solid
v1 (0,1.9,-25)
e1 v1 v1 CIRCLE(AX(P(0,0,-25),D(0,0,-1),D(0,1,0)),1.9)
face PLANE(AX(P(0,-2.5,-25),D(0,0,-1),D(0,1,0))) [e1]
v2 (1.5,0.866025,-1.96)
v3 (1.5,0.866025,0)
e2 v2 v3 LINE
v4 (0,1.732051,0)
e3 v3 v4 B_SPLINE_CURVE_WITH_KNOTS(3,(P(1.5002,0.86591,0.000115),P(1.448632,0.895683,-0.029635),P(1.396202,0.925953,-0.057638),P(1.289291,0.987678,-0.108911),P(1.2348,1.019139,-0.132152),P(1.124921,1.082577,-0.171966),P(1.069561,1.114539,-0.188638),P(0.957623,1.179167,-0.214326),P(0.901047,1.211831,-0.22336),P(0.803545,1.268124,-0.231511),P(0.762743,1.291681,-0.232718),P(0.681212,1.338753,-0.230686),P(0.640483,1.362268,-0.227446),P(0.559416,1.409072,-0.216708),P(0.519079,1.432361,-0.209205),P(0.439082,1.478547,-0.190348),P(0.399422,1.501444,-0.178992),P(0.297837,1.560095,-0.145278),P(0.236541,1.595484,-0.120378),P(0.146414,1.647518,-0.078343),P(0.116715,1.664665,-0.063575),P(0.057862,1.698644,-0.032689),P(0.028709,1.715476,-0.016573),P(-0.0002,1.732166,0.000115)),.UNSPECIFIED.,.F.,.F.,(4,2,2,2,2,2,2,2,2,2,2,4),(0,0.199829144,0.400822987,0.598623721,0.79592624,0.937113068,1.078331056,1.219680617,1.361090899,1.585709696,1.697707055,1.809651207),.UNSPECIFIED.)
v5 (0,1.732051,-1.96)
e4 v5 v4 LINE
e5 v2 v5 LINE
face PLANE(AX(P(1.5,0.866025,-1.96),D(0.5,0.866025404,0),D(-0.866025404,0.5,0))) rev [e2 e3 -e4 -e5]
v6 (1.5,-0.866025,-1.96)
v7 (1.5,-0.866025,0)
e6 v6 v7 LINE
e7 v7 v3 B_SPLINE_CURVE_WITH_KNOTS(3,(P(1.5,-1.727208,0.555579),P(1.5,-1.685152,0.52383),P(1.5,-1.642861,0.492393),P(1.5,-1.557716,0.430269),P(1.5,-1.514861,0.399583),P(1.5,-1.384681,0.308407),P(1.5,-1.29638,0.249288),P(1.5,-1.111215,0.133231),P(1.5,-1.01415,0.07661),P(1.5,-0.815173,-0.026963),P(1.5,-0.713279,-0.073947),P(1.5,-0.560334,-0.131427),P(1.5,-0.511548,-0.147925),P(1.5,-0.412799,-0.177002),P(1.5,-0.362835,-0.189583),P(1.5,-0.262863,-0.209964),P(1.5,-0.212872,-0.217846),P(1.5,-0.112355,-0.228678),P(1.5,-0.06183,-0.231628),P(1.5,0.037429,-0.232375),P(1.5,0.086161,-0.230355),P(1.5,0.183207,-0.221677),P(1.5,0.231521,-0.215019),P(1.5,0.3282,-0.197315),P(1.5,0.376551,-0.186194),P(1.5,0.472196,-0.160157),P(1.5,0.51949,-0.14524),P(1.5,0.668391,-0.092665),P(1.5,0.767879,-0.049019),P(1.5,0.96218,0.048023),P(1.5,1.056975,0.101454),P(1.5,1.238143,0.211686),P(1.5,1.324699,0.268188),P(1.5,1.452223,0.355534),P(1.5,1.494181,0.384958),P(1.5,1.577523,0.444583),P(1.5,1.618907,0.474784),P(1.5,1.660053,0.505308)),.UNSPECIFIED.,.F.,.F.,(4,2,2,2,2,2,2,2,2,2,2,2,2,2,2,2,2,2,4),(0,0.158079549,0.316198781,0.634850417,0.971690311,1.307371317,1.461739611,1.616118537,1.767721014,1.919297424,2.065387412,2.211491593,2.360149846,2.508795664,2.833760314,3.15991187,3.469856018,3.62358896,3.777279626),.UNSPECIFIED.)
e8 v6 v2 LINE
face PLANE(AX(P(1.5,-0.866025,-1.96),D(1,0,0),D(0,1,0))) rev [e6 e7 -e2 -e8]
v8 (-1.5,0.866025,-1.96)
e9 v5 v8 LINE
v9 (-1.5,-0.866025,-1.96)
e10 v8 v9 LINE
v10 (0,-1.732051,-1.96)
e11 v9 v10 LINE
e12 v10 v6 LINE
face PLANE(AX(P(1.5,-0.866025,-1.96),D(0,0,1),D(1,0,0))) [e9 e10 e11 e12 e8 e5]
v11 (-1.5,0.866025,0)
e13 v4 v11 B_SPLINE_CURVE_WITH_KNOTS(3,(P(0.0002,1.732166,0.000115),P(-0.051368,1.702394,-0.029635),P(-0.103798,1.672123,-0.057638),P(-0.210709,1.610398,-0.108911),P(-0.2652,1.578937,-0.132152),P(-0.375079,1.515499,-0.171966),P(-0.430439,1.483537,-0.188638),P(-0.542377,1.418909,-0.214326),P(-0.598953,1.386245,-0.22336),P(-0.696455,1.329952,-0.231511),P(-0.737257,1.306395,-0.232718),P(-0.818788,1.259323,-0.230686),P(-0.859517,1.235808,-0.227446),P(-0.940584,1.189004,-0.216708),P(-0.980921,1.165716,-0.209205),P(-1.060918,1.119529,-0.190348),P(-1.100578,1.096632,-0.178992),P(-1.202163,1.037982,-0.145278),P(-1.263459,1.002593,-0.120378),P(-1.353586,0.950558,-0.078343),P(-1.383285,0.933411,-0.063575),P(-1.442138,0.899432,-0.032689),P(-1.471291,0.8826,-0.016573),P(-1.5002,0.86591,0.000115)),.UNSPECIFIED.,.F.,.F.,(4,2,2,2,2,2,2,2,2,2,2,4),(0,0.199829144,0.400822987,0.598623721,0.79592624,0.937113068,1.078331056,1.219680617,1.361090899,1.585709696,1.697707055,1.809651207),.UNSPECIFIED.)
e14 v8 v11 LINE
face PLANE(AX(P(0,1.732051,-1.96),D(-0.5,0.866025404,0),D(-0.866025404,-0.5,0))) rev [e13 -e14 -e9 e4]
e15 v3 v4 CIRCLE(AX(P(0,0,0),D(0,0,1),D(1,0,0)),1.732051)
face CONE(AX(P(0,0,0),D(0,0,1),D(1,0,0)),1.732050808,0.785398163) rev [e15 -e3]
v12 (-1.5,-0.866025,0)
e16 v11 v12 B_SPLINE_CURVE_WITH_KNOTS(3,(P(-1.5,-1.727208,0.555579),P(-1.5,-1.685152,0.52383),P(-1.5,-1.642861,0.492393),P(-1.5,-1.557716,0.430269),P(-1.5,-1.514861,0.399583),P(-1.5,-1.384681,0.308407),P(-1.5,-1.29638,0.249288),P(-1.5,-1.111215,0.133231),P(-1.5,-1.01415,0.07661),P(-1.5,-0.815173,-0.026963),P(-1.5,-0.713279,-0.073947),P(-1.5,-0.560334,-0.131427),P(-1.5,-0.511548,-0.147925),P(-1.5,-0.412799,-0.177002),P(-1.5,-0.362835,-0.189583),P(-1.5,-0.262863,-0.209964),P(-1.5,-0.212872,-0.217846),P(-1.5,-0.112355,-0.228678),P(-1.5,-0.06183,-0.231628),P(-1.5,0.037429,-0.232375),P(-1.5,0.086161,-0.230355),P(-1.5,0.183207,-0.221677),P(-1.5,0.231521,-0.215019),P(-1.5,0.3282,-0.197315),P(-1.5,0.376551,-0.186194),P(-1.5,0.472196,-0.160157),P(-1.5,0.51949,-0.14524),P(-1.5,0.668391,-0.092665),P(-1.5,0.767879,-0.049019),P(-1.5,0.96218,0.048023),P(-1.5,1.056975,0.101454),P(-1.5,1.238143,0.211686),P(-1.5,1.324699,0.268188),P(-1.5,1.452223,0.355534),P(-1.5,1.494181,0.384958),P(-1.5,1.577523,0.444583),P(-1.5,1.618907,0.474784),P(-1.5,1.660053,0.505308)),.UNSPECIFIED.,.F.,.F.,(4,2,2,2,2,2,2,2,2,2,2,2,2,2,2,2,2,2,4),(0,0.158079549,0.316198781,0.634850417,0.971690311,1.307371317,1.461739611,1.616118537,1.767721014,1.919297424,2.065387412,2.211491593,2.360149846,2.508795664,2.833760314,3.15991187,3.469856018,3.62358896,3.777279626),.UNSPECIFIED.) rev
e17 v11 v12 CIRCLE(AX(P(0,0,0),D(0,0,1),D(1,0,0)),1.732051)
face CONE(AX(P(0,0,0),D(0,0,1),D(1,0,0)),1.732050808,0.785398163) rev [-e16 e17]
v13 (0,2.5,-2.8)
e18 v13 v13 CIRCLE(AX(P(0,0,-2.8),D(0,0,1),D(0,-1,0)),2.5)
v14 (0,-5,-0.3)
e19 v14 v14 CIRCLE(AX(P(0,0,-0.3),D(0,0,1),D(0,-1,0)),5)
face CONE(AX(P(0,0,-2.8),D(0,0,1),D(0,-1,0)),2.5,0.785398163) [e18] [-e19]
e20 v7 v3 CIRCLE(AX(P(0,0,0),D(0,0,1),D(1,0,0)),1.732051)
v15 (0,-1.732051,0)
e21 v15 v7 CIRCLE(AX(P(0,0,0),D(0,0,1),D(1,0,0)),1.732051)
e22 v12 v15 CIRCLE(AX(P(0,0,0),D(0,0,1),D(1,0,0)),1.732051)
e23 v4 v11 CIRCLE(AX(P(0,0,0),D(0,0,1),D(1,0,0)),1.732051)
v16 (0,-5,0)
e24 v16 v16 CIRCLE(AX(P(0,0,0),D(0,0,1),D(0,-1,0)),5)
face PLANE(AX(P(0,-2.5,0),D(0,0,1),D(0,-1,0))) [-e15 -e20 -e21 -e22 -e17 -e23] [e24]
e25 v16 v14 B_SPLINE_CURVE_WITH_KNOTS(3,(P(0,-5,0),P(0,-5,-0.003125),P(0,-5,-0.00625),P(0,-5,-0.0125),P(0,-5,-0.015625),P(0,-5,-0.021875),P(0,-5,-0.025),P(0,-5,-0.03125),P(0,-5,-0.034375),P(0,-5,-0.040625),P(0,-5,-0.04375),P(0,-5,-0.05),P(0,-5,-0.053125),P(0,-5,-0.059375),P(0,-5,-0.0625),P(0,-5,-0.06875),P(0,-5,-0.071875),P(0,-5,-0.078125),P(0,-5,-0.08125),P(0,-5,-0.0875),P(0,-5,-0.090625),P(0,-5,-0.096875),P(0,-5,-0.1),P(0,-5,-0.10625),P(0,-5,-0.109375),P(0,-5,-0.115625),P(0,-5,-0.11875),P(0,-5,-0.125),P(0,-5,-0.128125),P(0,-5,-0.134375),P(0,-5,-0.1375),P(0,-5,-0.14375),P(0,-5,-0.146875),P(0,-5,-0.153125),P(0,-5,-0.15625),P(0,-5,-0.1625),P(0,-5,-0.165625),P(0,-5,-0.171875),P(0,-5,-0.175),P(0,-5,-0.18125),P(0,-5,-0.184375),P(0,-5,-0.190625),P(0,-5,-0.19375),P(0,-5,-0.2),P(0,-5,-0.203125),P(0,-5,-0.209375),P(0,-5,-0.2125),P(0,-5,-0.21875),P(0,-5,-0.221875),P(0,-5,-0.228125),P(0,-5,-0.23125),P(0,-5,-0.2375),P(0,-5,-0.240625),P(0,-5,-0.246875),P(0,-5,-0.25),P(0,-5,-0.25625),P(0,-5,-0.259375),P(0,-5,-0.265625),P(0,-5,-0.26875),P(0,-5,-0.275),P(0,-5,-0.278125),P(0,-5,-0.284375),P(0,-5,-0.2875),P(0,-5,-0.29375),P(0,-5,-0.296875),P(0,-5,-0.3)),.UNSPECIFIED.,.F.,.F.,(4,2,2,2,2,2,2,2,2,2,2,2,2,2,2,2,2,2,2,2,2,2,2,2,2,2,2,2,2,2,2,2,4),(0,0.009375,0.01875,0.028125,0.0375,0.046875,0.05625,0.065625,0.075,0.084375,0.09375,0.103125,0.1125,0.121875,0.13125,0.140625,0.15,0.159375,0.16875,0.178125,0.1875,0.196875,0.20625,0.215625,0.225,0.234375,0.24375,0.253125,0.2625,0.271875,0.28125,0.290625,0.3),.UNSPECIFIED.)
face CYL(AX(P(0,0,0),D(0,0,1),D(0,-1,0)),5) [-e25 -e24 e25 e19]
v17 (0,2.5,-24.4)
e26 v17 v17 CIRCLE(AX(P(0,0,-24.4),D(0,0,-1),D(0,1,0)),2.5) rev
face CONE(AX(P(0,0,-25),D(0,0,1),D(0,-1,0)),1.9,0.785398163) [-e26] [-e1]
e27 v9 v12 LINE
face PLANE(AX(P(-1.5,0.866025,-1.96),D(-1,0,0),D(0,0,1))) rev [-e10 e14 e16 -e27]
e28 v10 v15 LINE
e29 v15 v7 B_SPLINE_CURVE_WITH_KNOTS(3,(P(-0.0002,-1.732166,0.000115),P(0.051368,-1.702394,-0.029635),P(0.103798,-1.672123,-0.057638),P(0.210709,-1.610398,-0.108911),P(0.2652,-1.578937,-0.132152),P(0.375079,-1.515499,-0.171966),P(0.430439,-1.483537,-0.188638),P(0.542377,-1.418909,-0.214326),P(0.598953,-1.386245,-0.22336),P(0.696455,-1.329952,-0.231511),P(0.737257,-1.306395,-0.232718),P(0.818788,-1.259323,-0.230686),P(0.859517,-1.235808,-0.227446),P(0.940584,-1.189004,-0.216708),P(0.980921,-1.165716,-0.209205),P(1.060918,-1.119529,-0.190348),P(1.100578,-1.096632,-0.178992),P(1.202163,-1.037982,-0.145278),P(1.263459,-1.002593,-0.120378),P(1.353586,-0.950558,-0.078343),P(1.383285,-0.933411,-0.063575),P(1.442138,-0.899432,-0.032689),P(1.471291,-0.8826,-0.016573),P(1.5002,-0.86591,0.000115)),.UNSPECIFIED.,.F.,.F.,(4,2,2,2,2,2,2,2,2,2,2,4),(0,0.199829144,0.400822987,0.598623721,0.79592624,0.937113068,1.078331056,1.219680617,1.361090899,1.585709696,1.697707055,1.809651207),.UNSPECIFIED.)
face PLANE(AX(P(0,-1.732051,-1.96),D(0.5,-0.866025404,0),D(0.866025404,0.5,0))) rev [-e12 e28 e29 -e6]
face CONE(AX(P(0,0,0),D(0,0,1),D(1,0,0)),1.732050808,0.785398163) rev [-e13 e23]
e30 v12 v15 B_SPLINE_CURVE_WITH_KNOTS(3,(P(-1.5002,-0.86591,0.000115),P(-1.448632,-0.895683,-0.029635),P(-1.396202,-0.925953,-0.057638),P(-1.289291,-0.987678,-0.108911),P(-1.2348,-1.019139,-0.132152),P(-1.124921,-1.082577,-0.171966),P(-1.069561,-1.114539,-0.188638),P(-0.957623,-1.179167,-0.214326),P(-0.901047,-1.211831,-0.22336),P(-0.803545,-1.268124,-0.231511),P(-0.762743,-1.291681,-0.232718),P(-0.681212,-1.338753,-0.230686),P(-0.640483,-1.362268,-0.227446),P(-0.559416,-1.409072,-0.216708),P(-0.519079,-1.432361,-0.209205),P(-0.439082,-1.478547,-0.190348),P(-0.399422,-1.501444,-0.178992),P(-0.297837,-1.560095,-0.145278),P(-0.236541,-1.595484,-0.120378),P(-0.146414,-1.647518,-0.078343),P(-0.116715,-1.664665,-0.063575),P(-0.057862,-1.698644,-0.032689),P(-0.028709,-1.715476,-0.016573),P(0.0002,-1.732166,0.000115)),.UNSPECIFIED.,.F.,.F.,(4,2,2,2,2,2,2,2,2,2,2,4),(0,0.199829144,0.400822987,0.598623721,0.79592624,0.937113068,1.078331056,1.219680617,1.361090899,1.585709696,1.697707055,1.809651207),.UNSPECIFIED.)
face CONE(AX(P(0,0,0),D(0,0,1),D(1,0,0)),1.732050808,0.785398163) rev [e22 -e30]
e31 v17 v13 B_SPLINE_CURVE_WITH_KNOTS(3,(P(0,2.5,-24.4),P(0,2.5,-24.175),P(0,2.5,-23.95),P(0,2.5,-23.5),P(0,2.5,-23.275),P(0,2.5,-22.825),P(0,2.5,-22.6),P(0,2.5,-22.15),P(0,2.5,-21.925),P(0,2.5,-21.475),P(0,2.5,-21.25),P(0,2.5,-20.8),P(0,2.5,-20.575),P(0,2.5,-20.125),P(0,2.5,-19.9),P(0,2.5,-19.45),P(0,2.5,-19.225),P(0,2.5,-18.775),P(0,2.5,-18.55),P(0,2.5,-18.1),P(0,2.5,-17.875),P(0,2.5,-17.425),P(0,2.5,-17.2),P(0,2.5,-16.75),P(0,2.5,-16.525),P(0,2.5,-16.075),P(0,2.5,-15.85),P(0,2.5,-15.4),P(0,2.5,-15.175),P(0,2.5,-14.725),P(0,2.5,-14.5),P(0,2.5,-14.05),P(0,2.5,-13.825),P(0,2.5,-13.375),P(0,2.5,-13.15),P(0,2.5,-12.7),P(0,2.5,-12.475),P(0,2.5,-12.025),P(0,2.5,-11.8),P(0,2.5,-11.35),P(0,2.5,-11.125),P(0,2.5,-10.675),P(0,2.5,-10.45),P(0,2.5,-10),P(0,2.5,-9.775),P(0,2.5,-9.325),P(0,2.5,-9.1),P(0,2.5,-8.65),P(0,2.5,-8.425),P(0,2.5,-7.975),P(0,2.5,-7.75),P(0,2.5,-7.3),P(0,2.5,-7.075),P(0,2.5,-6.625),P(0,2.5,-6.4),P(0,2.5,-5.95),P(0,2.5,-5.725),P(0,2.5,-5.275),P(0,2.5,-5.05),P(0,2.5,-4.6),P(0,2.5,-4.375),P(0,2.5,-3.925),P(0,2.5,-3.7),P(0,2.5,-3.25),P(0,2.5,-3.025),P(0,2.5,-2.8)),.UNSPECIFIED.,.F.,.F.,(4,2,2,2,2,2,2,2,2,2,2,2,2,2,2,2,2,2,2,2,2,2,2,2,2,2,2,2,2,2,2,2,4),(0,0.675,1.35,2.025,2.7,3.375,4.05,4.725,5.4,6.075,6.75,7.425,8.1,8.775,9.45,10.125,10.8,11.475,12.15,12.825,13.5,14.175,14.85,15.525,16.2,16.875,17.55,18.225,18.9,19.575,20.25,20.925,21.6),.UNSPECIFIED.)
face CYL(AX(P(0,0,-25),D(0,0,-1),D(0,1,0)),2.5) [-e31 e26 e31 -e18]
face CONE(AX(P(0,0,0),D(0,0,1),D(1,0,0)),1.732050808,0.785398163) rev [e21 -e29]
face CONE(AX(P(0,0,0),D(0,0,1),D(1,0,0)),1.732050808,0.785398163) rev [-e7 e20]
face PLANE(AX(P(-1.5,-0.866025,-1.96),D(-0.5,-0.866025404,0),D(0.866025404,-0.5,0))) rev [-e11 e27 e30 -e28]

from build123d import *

# Parameters (mm, degrees)
SKETCH1_W          = 25
SKETCH1_H          = 2.5
CHAMFER1_SIZE      = 0.6
CUT_EXTRUDE2_DEPTH = 1.96


with BuildPart() as part:
    # Sketch1 → Revolve1 (revolve)
    with BuildSketch(Plane(origin=(0, 0, 0), x_dir=(0, 0, -1), z_dir=(1, 0, 0))):
        with Locations((12.5, 1.25)):
            Rectangle(SKETCH1_W, SKETCH1_H)
    revolve(axis=Axis((0, 0, -25), (0, 0, 1)))

    # Chamfer1
    chamfer1_edges = [part.edges().sort_by_distance(p)[0] for p in [
        (0, -2.5, -25),
    ]]
    chamfer(chamfer1_edges, length=CHAMFER1_SIZE)

    # Sketch7 → Revolve2 (revolve)
    with BuildSketch(Plane(origin=(0, 0, 0), x_dir=(0, 0, -1), z_dir=(1, 0, 0)), mode=Mode.PRIVATE) as revolve2_sk:
        Polygon((0, 5), (0.3, 5), (2.8, 2.5), (2.8, 0), (0, 0), align=None)
    revolve(revolve2_sk.sketch.rotate(Axis((0, 0, 0), (0, 0, -1)), 180), axis=Axis((0, 0, 0), (0, 0, -1)))

    # Boss-Extrude1 cone 1 section (through the dimple's axis) → Boss-Extrude1 (revolve)
    with BuildSketch(Plane(origin=(0, 0, -2.8), x_dir=(0, -1, 0), z_dir=(1, 0, 0))):
        Polygon((0, 0), (2.5, 0), (0, 2.5), align=None)
    revolve(axis=Axis((0, 0, -2.8), (0, 0, -1)))

    # Sketch5 → Cut-Extrude2 (cut)
    with BuildSketch(Plane.XY):
        Polygon((1.5, -0.866025404), (1.5, 0.866025404), (0, 1.732050808), (-1.5, 0.866025404), (-1.5, -0.866025404), (0, -1.732050808), align=None)
    extrude(amount=-CUT_EXTRUDE2_DEPTH, mode=Mode.SUBTRACT)

    # Cut-Extrude3 cone 1 section (through the dimple's axis) → Cut-Extrude3 (revolve, cut)
    with BuildSketch(Plane(origin=(0, 0, 0), x_dir=(0, -1, 0), z_dir=(1, 0, 0))):
        Polygon((0, 0), (1.732050808, 0), (0, 1.732050808), align=None)
    revolve(axis=Axis((0, 0, 0), (0, 0, -1)), mode=Mode.SUBTRACT)


solid = part.part
